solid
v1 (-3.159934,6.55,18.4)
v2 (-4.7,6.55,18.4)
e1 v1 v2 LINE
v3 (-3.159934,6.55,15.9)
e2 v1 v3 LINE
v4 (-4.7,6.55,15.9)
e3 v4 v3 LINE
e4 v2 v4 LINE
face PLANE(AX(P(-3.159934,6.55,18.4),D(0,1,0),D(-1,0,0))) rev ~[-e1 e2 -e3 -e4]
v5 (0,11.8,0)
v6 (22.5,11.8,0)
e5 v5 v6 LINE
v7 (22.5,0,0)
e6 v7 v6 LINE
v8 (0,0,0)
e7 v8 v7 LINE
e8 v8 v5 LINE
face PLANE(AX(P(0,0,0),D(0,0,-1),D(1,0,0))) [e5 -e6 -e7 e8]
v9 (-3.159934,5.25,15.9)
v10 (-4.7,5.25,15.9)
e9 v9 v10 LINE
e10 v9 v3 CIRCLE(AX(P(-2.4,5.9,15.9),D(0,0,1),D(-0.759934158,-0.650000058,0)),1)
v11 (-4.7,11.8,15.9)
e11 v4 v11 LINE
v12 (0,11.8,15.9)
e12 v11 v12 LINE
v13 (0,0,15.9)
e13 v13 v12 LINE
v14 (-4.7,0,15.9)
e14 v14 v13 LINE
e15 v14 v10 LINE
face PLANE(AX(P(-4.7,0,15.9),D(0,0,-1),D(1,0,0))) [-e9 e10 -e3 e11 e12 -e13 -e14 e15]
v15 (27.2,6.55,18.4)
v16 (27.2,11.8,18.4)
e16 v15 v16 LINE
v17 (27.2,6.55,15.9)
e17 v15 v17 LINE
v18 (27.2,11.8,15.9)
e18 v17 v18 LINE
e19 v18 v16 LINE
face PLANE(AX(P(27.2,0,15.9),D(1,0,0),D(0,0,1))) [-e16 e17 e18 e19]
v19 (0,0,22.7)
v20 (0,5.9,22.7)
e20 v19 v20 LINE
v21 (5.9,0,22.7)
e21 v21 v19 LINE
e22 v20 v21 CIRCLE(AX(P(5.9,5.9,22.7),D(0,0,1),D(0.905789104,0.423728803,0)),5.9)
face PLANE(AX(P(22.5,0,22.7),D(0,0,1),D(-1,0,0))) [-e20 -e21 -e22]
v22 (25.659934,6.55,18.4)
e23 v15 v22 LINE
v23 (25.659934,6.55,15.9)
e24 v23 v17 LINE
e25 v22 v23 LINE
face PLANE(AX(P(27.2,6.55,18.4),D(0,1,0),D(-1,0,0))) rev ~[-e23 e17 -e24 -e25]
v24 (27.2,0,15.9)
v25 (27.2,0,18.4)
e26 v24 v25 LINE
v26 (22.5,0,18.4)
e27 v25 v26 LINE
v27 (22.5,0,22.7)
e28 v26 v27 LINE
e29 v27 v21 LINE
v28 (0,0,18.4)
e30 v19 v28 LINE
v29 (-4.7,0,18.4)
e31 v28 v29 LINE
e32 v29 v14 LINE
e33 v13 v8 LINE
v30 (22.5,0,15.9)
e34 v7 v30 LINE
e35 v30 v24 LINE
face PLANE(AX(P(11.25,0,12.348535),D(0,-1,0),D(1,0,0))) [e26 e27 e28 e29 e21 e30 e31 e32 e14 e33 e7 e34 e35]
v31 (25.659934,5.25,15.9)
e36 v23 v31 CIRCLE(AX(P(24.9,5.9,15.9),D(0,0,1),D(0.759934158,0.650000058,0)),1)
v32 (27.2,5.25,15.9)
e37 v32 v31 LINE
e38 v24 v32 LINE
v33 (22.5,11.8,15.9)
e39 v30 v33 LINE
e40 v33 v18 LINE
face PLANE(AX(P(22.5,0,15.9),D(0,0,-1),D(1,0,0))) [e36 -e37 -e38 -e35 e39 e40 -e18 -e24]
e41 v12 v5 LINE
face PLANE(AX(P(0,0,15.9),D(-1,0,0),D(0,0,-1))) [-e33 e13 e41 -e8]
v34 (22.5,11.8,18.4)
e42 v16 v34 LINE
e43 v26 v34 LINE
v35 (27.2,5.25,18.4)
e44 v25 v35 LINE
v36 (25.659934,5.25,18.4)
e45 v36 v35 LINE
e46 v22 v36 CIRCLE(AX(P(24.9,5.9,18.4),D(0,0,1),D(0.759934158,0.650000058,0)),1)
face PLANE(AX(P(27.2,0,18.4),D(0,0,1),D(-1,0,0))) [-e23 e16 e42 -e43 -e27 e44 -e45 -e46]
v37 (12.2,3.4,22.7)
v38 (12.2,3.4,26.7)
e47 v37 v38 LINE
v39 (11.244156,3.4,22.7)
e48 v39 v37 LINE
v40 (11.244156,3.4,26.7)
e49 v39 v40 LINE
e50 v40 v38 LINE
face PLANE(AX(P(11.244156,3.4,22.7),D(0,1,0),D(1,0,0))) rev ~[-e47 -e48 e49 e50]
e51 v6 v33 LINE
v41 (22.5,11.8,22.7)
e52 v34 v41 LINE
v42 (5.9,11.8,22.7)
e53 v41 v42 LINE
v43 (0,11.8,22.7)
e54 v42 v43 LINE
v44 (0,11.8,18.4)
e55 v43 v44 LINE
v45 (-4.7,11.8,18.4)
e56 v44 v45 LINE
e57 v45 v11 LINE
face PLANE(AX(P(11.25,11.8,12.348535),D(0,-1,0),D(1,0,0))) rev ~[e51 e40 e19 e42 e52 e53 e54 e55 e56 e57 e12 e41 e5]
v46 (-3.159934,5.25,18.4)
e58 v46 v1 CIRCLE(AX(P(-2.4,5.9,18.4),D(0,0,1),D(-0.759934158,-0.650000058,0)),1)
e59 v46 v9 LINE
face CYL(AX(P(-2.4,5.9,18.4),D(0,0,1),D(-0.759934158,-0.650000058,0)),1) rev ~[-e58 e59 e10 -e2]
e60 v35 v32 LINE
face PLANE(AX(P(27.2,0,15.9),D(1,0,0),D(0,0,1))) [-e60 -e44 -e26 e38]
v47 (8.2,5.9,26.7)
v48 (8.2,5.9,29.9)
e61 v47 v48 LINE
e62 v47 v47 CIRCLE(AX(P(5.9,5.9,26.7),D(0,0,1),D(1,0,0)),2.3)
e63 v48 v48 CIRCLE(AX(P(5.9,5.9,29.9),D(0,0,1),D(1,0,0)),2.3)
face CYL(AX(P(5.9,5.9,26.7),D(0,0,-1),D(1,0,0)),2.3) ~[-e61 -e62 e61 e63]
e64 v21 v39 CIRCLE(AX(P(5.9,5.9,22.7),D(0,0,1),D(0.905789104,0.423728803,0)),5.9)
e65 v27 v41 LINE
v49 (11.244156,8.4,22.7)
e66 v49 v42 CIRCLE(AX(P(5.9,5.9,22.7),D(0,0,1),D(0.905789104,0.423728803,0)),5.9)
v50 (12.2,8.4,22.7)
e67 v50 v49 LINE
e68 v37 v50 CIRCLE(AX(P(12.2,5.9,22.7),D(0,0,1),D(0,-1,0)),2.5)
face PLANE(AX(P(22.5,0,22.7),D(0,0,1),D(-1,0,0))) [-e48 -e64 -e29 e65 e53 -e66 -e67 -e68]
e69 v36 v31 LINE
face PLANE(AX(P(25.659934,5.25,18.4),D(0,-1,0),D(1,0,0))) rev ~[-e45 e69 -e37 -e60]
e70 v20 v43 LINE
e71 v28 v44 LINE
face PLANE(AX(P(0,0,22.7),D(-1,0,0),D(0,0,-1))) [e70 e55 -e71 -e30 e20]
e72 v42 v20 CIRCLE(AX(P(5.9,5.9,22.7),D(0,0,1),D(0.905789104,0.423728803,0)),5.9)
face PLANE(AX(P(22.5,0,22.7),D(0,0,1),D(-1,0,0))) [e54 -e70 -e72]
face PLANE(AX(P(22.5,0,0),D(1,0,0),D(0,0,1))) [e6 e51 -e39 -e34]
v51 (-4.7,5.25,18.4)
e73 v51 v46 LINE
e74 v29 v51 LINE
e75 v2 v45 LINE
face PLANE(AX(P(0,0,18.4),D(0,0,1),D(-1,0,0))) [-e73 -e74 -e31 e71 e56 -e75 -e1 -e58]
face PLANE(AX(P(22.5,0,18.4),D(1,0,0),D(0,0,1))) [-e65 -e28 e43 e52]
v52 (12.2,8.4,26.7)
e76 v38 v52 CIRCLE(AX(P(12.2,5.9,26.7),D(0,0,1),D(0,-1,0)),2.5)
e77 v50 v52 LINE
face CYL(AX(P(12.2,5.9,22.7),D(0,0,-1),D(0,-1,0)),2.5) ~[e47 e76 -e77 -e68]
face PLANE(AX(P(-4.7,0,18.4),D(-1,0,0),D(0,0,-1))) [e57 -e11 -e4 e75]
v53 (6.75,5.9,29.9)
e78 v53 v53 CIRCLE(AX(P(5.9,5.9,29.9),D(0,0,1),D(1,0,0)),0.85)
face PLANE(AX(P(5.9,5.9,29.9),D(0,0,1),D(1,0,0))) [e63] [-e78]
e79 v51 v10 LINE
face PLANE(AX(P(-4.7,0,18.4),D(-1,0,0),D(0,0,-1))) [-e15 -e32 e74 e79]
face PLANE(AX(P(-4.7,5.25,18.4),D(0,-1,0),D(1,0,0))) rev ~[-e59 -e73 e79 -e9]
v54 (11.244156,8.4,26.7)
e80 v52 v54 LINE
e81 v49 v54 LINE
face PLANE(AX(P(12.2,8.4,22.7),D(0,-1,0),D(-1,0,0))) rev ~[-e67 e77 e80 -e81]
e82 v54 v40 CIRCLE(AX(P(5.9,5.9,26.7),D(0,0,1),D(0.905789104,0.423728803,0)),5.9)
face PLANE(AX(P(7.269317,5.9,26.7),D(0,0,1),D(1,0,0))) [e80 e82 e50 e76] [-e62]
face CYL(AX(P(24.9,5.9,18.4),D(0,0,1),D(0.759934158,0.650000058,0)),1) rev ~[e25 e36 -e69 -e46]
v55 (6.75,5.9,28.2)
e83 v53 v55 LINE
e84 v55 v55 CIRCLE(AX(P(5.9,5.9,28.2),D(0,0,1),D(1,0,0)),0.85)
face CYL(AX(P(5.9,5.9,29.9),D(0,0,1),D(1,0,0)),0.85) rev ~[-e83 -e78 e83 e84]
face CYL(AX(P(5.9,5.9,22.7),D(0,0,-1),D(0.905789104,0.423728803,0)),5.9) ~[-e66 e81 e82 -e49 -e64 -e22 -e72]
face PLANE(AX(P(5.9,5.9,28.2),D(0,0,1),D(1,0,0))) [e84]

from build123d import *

# Parameters (mm, degrees)
F1_DEPTH  = 11.8
F3_DEPTH  = 4
F5_DEPTH  = 25
F7_DEPTH  = 25
F8_R      = 2.3
F9_DEPTH  = 3.2
F10_R     = 0.85
F11_DEPTH = 1.7


with BuildPart() as f1:
    # F0 (on Front) → F1 (new body)
    with BuildSketch(Plane.XZ):
        Polygon((0, 15.9), (0, 0), (22.5, 0), (22.5, 15.9), (27.2, 15.9), (27.2, 18.4), (22.5, 18.4), (22.5, 22.7), (0, 22.7), (0, 18.4), (-4.7, 18.4), (-4.7, 15.9), align=None)
    extrude(amount=-F1_DEPTH)

    # F2 (on face) → F3 (join)
    with BuildSketch(Plane.XY.offset(22.7)):
        with BuildLine():
            Line((12.2, 8.4), (11.244156, 8.4))
            ThreePointArc((11.244156, 8.4), (0, 5.9), (11.244156, 3.4))
            Line((11.244156, 3.4), (12.2, 3.4))
            ThreePointArc((12.2, 3.4), (14.7, 5.9), (12.2, 8.4))
        make_face()
    extrude(amount=F3_DEPTH)

    # F4 (on face) → F5 (cut)
    with BuildSketch(Plane.XY.offset(18.4)):
        with BuildLine():
            Line((27.2, 5.25), (27.2, 6.55))
            Line((27.2, 6.55), (25.659934, 6.55))
            ThreePointArc((25.659934, 6.55), (23.9, 5.9), (25.659934, 5.25))
            Line((25.659934, 5.25), (27.2, 5.25))
        make_face()
    extrude(amount=-F5_DEPTH, mode=Mode.SUBTRACT)

    # F6 (on face) → F7 (cut)
    with BuildSketch(Plane.XY.offset(18.4)):
        with BuildLine():
            Line((-3.159934, 6.55), (-4.7, 6.55))
            Line((-4.7, 6.55), (-4.7, 5.25))
            Line((-4.7, 5.25), (-3.159934, 5.25))
            ThreePointArc((-3.159934, 5.25), (-1.4, 5.9), (-3.159934, 6.55))
        make_face()
    extrude(amount=-F7_DEPTH, mode=Mode.SUBTRACT)

    # F8 (on face) → F9 (join)
    with BuildSketch(Plane.XY.offset(26.7)):
        with Locations((5.9, 5.9)):
            Circle(F8_R)
    extrude(amount=F9_DEPTH)

    # F10 (on face) → F11 (cut)
    with BuildSketch(Plane.XY.offset(29.9)):
        with Locations((5.9, 5.9)):
            Circle(F10_R)
    extrude(amount=-F11_DEPTH, mode=Mode.SUBTRACT)


solid = f1.part
